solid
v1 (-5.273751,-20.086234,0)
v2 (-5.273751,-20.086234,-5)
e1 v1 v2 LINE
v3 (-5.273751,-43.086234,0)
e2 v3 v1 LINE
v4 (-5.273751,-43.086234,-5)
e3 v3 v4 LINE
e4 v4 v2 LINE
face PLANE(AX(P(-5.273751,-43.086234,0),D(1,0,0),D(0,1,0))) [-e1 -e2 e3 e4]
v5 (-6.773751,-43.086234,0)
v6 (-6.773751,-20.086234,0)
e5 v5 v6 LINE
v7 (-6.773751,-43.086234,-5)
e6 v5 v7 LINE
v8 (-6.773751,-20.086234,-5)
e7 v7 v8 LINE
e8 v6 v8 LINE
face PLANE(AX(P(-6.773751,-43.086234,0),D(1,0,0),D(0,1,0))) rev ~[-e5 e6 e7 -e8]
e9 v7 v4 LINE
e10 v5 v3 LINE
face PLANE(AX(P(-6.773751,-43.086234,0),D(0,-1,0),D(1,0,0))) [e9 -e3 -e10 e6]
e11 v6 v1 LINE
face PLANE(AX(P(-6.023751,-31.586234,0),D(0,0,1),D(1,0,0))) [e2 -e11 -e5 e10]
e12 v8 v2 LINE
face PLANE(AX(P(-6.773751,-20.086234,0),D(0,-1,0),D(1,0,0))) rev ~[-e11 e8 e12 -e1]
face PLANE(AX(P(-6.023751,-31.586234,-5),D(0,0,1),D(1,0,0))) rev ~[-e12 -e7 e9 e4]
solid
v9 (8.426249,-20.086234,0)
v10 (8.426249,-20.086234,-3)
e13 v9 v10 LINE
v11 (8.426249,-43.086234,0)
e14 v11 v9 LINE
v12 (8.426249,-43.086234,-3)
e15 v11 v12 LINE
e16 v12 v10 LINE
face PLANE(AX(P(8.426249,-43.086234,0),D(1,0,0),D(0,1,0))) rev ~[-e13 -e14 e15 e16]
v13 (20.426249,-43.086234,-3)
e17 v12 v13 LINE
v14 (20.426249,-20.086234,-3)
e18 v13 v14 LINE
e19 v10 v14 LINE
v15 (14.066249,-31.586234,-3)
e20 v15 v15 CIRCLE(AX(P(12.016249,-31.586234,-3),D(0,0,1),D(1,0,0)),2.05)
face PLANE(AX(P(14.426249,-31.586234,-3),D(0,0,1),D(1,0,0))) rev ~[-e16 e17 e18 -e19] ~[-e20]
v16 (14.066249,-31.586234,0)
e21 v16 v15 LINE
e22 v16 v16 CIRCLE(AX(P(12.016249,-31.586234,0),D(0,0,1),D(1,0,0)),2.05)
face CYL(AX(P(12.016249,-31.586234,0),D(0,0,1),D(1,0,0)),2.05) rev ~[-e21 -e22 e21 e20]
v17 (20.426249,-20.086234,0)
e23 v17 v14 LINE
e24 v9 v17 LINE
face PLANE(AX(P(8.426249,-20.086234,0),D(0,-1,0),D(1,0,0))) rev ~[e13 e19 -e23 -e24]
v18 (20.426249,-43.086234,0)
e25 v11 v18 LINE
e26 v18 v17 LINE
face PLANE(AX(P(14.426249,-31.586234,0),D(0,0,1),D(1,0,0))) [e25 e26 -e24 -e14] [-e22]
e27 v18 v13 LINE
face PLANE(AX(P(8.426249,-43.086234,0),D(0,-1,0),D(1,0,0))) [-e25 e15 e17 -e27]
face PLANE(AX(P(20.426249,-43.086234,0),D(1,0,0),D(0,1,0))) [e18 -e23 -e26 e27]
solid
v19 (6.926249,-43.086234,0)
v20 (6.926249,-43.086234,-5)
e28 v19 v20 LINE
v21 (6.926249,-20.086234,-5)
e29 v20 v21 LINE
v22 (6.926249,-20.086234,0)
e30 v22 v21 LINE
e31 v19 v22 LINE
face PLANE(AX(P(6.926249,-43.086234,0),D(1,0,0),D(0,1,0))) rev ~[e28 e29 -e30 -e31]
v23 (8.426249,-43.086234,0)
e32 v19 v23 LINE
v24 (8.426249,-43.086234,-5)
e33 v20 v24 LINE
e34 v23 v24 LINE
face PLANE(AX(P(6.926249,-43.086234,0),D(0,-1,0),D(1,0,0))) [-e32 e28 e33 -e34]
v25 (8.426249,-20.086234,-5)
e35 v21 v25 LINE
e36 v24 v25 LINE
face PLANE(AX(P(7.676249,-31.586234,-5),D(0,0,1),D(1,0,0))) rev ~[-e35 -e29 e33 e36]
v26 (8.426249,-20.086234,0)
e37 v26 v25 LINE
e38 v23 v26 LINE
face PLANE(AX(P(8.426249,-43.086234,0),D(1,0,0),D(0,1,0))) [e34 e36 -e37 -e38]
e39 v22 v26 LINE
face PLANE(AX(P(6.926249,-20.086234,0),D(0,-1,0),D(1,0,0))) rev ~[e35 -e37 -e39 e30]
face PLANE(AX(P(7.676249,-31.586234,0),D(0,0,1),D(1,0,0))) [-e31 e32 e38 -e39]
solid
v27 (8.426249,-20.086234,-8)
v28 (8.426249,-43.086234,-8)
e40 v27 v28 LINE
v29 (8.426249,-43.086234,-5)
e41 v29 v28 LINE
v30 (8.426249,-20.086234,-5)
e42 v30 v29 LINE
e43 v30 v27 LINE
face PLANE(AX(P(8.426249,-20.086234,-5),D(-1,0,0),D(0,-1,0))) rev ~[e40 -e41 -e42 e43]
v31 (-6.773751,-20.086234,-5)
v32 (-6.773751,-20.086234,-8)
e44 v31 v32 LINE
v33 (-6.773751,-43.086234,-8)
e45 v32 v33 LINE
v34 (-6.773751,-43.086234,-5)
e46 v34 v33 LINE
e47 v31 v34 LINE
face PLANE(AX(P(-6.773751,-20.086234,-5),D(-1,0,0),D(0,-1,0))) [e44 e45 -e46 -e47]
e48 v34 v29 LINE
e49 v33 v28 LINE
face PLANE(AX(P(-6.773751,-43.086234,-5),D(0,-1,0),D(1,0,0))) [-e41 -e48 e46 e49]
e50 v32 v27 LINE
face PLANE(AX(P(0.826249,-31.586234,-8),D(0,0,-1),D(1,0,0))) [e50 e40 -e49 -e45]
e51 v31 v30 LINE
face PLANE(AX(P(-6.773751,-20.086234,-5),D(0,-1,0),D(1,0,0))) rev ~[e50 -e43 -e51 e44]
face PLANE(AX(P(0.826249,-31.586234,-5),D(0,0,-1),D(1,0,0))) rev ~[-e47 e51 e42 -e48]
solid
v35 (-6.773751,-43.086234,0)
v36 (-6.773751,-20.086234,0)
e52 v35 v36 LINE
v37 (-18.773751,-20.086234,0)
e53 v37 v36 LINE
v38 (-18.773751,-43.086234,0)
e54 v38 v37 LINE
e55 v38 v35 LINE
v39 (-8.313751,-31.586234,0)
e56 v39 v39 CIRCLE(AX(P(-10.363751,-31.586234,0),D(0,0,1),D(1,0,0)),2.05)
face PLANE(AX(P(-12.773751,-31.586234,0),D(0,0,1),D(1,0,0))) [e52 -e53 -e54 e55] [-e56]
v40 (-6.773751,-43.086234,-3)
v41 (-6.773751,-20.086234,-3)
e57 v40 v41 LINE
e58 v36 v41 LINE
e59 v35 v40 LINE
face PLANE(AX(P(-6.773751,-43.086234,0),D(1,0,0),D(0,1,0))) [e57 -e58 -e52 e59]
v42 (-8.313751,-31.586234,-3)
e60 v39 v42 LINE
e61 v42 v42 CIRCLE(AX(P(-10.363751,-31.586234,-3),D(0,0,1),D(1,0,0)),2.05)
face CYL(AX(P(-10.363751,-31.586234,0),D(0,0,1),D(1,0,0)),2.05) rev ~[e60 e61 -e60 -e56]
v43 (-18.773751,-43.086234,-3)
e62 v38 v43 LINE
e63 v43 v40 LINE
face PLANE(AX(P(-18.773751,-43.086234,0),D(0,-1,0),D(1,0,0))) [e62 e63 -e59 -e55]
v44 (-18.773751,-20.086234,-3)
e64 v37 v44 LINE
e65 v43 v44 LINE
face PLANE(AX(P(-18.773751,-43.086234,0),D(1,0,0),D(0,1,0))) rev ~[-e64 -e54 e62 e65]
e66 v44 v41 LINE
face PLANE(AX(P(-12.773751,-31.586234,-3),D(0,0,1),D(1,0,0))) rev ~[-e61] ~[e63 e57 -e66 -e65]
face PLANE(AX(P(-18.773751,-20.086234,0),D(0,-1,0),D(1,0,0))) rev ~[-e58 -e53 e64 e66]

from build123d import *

# Parameters (mm, degrees)
F0_W     = 1.5
F0_H     = 23
F1_DEPTH = 5
F0_W_2   = 12
F0_R     = 2.05
F2_DEPTH = 3
F3_W     = 15.2
F3_H     = 23
F4_DEPTH = 3


with BuildPart() as f1:
    # F0 (on Top) → F1 (new body)
    with BuildSketch(Plane.XY):
        with Locations((-6.023751, -31.586234)):
            Rectangle(F0_W, F0_H)
        with Locations((7.676249, -31.586234)):
            Rectangle(F0_W, F0_H)
    extrude(amount=-F1_DEPTH)


with BuildPart() as f2:
    # F0 (on Top) → F2 (new body)
    with BuildSketch(Plane.XY):
        with Locations((-12.773751, -31.586234)):
            Rectangle(F0_W_2, F0_H)
        with Locations((-10.363751, -31.586234)):
            Circle(F0_R, mode=Mode.SUBTRACT)
        with Locations((14.426249, -31.586234)):
            Rectangle(F0_W_2, F0_H)
        with Locations((12.016249, -31.586234)):
            Circle(F0_R, mode=Mode.SUBTRACT)
    extrude(amount=-F2_DEPTH)


with BuildPart() as f4:
    # F3 (on face) → F4 (new body)
    with BuildSketch(Plane(origin=(0, 0, -5), x_dir=(1, 0, 0), z_dir=(0, 0, -1))):
        with Locations((0.826249, 31.586234)):
            Rectangle(F3_W, F3_H)
    extrude(amount=F4_DEPTH)


solid = Compound([f1.part, f2.part, f4.part])
